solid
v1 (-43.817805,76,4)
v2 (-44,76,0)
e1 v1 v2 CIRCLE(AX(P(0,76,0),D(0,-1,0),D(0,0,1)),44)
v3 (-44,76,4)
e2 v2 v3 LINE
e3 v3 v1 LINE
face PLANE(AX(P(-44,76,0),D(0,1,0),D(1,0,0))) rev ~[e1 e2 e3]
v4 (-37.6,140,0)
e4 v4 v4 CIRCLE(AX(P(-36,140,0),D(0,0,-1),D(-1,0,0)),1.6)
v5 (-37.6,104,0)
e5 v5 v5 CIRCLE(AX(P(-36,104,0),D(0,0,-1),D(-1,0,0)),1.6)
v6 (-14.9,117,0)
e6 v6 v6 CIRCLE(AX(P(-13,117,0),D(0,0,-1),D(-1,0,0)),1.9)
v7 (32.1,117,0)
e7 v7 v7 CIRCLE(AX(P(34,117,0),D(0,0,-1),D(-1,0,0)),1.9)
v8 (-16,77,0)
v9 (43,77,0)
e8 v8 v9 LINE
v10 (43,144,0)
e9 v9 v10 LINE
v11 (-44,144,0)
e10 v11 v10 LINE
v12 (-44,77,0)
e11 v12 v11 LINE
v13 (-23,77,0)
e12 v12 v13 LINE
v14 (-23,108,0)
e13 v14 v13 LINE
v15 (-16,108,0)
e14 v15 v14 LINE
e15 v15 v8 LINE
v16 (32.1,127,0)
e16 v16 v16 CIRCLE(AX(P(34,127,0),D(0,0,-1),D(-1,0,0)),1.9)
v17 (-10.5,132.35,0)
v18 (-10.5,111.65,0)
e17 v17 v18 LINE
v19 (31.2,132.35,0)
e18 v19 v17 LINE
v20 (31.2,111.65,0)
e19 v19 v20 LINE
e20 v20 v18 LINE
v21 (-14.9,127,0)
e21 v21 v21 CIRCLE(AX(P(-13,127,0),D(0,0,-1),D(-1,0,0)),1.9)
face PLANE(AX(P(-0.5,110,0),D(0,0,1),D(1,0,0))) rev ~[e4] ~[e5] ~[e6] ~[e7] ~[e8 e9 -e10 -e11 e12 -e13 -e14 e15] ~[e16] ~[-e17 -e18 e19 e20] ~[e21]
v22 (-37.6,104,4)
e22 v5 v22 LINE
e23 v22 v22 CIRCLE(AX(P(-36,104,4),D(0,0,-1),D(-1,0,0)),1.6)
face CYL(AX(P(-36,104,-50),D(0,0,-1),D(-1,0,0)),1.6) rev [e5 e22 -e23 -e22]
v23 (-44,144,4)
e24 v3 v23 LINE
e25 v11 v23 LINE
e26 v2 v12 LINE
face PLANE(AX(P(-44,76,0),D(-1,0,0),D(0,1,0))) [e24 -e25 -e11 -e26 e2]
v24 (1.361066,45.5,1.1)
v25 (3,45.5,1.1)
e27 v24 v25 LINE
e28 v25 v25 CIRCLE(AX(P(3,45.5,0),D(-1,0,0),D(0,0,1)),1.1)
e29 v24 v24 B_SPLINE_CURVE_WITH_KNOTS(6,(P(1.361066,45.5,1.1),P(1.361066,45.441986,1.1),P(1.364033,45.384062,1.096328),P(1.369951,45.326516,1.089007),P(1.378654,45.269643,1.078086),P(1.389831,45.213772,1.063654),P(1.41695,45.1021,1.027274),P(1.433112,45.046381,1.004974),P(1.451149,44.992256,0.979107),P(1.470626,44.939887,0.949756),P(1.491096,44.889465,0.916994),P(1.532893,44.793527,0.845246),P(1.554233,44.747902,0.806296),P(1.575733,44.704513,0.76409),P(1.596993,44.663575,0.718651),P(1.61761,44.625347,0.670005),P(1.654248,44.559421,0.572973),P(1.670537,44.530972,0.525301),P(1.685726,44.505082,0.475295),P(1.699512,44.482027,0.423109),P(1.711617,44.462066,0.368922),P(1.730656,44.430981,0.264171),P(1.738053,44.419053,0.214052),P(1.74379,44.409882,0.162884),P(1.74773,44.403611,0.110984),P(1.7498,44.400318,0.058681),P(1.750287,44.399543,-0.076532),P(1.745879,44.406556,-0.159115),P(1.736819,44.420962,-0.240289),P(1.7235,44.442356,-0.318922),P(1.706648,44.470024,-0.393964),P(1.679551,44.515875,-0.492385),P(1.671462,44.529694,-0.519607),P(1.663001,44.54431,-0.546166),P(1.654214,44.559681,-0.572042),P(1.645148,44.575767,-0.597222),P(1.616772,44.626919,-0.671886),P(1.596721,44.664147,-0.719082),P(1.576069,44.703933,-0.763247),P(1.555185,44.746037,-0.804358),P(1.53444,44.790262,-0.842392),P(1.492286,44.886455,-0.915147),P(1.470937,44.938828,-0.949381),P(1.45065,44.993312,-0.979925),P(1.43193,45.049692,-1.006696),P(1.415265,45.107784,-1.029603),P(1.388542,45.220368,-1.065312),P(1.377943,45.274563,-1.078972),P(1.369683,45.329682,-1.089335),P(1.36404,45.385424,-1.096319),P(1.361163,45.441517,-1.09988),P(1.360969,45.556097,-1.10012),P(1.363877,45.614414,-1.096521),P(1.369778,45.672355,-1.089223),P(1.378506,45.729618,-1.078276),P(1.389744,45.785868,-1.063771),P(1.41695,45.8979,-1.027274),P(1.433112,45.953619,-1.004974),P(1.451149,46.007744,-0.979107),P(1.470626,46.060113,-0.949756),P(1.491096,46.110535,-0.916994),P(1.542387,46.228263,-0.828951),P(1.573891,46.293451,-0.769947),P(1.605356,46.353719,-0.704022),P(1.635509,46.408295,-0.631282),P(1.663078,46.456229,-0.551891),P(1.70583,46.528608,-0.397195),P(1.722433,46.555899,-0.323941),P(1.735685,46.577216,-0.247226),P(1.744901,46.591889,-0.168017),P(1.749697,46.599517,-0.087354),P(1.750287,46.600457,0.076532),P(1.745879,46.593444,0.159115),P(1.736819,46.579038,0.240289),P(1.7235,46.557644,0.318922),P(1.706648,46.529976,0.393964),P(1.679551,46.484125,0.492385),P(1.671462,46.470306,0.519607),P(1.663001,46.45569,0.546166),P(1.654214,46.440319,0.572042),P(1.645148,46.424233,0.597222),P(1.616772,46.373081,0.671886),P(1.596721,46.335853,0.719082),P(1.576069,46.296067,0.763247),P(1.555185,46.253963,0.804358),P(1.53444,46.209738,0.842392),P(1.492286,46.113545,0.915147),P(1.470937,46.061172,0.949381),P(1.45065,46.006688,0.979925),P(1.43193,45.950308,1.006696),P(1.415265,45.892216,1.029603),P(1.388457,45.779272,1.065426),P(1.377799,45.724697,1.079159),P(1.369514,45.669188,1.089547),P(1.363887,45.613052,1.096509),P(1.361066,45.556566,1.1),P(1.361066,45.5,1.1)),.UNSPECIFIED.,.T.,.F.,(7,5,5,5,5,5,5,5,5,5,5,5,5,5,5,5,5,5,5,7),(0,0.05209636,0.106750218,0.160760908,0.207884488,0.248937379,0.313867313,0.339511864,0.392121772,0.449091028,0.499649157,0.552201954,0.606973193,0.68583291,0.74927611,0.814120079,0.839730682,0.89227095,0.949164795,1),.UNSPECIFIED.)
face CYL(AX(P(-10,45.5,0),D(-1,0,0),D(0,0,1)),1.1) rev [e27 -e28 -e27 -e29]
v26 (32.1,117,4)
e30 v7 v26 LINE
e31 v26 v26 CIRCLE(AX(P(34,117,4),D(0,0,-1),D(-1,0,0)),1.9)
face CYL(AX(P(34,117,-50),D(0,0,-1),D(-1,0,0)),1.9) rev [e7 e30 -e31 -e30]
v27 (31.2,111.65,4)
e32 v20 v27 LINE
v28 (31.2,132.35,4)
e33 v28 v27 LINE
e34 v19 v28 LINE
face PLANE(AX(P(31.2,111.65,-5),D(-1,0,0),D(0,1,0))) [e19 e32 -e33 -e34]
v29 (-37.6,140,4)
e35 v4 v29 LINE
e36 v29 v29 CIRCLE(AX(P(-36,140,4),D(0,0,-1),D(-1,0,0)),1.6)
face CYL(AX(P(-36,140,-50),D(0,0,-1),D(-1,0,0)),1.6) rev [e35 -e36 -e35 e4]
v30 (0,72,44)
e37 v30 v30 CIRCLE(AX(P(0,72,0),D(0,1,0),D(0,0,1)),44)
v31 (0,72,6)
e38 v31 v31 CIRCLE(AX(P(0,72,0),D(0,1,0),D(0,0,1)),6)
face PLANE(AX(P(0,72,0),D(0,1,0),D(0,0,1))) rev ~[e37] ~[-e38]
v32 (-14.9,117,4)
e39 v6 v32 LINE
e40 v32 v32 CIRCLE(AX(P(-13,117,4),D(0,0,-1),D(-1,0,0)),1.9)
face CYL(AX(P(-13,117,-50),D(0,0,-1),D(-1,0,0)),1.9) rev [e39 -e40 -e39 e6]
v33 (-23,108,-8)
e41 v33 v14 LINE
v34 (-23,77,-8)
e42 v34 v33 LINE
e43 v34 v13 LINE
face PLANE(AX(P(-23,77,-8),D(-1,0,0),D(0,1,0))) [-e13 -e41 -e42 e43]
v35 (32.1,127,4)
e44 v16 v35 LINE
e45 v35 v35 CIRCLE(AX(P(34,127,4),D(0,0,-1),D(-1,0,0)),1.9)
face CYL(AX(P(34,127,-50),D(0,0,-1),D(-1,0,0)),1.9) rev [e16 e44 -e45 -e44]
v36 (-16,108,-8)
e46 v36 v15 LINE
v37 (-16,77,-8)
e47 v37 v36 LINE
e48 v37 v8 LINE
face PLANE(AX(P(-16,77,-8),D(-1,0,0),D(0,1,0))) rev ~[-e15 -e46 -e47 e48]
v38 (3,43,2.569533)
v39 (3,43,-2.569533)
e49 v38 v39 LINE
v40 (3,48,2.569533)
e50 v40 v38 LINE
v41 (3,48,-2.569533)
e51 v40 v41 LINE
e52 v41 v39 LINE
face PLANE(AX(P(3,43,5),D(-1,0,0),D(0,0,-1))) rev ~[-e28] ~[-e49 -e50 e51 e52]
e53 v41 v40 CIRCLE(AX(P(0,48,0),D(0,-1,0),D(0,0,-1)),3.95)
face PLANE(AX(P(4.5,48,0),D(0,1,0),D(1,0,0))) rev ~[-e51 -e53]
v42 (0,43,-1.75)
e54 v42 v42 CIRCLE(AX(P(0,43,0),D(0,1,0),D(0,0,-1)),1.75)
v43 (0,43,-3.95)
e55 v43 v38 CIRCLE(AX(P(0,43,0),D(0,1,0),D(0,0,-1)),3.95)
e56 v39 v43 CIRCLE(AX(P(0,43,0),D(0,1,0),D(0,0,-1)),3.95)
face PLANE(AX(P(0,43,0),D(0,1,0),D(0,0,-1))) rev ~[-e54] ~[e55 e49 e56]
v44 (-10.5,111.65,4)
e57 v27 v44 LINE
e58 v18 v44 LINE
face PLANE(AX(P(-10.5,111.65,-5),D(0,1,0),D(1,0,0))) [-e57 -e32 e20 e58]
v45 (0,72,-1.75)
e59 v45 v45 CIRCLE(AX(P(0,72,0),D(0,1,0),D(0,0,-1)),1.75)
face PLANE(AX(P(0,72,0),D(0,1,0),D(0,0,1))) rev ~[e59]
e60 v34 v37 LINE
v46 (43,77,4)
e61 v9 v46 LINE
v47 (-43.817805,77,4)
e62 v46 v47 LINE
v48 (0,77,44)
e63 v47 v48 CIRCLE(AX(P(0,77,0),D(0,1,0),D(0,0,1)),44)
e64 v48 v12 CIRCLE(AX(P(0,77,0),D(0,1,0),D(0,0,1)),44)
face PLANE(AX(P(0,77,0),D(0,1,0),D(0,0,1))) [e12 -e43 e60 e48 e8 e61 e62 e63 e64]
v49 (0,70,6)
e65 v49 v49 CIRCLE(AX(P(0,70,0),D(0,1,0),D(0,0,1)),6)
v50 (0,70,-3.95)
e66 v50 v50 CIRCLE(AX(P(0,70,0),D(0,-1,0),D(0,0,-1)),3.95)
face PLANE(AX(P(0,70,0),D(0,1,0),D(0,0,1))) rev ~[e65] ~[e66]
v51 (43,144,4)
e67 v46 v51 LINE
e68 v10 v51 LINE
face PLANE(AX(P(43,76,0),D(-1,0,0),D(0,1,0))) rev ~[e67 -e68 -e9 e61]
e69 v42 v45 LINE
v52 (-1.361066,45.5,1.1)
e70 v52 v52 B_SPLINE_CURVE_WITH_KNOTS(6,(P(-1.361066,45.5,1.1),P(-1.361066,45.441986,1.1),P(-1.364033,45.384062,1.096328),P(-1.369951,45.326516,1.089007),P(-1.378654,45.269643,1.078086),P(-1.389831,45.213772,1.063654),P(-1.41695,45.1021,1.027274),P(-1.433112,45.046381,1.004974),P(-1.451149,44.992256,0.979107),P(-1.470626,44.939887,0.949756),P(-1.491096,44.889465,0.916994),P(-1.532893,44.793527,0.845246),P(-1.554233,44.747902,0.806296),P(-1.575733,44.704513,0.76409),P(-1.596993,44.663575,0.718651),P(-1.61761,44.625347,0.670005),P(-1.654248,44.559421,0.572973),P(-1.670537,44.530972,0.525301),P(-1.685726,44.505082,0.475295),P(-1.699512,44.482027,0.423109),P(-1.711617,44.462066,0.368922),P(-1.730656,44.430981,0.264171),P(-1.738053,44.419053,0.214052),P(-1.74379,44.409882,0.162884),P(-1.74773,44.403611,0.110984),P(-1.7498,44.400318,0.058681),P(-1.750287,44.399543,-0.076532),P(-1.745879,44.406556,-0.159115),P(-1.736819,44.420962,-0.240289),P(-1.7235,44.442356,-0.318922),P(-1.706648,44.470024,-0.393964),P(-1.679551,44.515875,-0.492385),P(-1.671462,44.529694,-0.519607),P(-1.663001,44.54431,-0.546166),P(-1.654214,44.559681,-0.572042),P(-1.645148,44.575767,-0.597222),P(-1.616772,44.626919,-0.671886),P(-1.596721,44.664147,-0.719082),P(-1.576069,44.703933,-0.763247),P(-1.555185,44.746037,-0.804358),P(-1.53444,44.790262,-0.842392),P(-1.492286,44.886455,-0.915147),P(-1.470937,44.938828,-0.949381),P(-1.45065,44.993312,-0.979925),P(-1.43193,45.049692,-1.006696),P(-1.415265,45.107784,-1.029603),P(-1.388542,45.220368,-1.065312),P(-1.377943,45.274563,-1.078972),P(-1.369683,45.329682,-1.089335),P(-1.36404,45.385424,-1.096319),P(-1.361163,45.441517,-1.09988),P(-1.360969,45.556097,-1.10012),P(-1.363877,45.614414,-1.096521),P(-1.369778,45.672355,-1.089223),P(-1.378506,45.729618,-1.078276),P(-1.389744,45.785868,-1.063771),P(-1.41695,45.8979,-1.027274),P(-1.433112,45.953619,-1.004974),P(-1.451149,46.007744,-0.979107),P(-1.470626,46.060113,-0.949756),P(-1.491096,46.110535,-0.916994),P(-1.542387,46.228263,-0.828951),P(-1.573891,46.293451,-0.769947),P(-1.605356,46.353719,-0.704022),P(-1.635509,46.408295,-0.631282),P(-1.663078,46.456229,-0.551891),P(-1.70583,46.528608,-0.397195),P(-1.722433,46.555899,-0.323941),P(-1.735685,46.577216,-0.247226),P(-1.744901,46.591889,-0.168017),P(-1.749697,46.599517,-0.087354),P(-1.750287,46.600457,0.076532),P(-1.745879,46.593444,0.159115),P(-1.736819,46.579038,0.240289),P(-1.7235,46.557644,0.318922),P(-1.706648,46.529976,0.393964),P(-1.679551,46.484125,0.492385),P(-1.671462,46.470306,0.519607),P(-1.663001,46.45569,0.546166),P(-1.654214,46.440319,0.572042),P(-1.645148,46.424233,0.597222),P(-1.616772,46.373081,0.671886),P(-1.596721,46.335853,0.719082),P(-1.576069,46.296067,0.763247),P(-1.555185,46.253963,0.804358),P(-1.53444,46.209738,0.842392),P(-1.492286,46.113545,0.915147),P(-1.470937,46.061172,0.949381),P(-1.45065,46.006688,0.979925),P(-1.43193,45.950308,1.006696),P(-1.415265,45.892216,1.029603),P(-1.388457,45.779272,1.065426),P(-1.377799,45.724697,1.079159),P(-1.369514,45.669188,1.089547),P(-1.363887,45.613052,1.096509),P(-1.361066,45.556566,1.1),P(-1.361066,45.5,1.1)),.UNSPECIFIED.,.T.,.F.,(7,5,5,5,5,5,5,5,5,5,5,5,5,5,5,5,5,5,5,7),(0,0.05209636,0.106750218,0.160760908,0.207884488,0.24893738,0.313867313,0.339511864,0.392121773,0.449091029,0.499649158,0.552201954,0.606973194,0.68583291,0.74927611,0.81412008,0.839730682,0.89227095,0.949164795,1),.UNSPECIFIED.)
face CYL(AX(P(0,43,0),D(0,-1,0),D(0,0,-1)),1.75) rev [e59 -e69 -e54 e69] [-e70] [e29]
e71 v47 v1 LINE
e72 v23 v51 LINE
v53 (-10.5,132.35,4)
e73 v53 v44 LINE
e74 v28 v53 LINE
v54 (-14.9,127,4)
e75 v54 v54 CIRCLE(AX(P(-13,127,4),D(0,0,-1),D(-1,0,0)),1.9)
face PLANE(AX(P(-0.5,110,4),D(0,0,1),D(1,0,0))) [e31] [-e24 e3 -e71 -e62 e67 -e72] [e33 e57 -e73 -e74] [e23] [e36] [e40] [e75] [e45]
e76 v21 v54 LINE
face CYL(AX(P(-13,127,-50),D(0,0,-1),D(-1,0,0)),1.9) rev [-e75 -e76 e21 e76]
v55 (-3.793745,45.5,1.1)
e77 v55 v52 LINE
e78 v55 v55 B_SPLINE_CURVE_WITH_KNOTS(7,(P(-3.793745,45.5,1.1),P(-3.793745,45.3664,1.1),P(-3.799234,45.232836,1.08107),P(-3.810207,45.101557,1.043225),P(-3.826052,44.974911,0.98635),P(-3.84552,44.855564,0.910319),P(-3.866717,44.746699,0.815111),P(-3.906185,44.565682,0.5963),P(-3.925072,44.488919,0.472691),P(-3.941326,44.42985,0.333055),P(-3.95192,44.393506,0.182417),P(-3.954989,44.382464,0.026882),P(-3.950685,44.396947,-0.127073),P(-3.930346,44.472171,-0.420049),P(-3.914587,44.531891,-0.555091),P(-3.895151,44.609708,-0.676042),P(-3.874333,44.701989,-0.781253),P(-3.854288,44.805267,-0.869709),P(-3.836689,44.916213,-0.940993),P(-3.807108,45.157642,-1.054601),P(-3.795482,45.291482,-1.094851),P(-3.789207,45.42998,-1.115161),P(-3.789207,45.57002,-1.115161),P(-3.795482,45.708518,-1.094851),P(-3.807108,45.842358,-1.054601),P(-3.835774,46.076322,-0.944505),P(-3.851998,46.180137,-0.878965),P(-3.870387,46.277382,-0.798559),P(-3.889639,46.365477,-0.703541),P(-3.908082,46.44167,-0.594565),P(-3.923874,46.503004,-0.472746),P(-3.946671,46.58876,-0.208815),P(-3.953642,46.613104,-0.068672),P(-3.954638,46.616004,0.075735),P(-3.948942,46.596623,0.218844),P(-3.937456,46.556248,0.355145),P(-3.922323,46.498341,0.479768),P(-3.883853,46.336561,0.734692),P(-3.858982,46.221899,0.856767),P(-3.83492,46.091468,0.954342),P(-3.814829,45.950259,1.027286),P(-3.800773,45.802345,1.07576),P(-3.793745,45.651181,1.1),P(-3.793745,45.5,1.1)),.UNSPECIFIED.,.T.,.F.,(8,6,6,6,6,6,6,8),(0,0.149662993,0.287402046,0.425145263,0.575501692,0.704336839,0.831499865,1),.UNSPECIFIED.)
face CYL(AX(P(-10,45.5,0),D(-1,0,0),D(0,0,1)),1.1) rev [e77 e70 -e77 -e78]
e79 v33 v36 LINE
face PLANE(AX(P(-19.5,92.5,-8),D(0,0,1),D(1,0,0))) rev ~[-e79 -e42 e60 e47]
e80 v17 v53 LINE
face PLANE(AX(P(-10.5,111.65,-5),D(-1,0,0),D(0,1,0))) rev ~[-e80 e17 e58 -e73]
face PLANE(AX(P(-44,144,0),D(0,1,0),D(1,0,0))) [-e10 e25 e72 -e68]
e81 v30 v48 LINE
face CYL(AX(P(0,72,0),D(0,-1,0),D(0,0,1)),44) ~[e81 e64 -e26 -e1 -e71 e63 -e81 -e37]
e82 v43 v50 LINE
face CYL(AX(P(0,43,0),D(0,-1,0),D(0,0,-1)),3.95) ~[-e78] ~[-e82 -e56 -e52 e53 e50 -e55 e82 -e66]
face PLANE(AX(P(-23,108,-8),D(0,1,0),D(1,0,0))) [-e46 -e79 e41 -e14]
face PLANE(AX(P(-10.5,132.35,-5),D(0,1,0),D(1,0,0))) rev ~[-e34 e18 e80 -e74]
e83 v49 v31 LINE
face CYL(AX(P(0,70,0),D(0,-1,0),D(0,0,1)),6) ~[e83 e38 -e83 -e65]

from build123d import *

# Parameters (mm, degrees)
YAW_PLATFORM_START                         = 72
YAW_PLATFORM_PROFILE_R                     = 44
YAW_PLATFORM_DEPTH                         = 5
PRINTED_HOLLOW_YAW_SPINDLE_START           = 43
PRINTED_HOLLOW_YAW_SPINDLE_PROFILE_R       = 3.95
PRINTED_HOLLOW_YAW_SPINDLE_PROFILE_R_2     = 1.75
PRINTED_HOLLOW_YAW_SPINDLE_DEPTH           = 29
INNER_RACE_LOAD_SHOULDER_START             = 70
INNER_RACE_LOAD_SHOULDER_PROFILE_R         = 6
INNER_RACE_LOAD_SHOULDER_PROFILE_R_2       = 1.75
INNER_RACE_LOAD_SHOULDER_DEPTH             = 2
D_FLAT_ON_SPINDLE_END_START                = 43
D_FLAT_DRIVE_KEY_PROFILE_W                 = 3
D_FLAT_DRIVE_KEY_PROFILE_H                 = 10
D_FLAT_ON_SPINDLE_END_DEPTH                = 5
SHOULDER_MOUNT_PLATE_PROFILE_W             = 87
SHOULDER_MOUNT_PLATE_PROFILE_H             = 68
SHOULDER_MOUNT_PLATE_DEPTH                 = 4
MG996_BODY_WINDOW_START                    = -5
MG996_BODY_WINDOW_PROFILE_W                = 41.7
MG996_BODY_WINDOW_PROFILE_H                = 20.7
MG996_BODY_WINDOW_DEPTH                    = 162.869372409
MG996_TAB_MOUNTS_START                     = -50
MG996_TAB_MOUNTS_PROFILE_R                 = 1.9
MG996_TAB_MOUNTS_DEPTH                     = 207.869372409
PASSIVE_SHOULDER_STANDOFFS_START           = -50
PASSIVE_SHOULDER_STANDOFFS_PROFILE_R       = 1.6
PASSIVE_SHOULDER_STANDOFFS_DEPTH           = 207.869372409
UPRIGHT_RIB_START                          = -8
UPRIGHT_RIB_PROFILE_W                      = 7
UPRIGHT_RIB_PROFILE_H                      = 31
UPRIGHT_RIB_DEPTH                          = 12
YAW_POSITIVE_RETENTION_CROSSBOLT_START     = -10
YAW_POSITIVE_RETENTION_CROSSBOLT_PROFILE_R = 1.1
YAW_POSITIVE_RETENTION_CROSSBOLT_DEPTH     = 167.869372409


with BuildPart() as part:
    # Yaw_platform_profile → Yaw_platform (new body)
    with BuildSketch(Plane(origin=(0, 0, 0), x_dir=(1, 0, 0), z_dir=(0, 1, 0)).offset(YAW_PLATFORM_START)):
        with Locations(Location((0, 0, 0), (0, 0, 270))):
            Circle(YAW_PLATFORM_PROFILE_R)
    extrude(amount=YAW_PLATFORM_DEPTH)

    # Printed_hollow_yaw_spindle_profile → Printed_hollow_yaw_spindle (add)
    with BuildSketch(Plane(origin=(0, 0, 0), x_dir=(1, 0, 0), z_dir=(0, 1, 0)).offset(PRINTED_HOLLOW_YAW_SPINDLE_START)):
        with Locations(Location((0, 0, 0), (0, 0, 90))):
            Circle(PRINTED_HOLLOW_YAW_SPINDLE_PROFILE_R)
        with Locations(Location((0, 0, 0), (0, 0, 90))):
            Circle(PRINTED_HOLLOW_YAW_SPINDLE_PROFILE_R_2, mode=Mode.SUBTRACT)
    extrude(amount=PRINTED_HOLLOW_YAW_SPINDLE_DEPTH)

    # Inner_race_load_shoulder_profile → Inner_race_load_shoulder (add)
    with BuildSketch(Plane(origin=(0, 0, 0), x_dir=(1, 0, 0), z_dir=(0, 1, 0)).offset(INNER_RACE_LOAD_SHOULDER_START)):
        with Locations(Location((0, 0, 0), (0, 0, 270))):
            Circle(INNER_RACE_LOAD_SHOULDER_PROFILE_R)
        with Locations(Location((0, 0, 0), (0, 0, 90))):
            Circle(INNER_RACE_LOAD_SHOULDER_PROFILE_R_2, mode=Mode.SUBTRACT)
    extrude(amount=INNER_RACE_LOAD_SHOULDER_DEPTH)

    # D_flat_drive_key_profile → D_flat_on_spindle_end (cut)
    with BuildSketch(Plane(origin=(0, 0, 0), x_dir=(1, 0, 0), z_dir=(0, 1, 0)).offset(D_FLAT_ON_SPINDLE_END_START)):
        with Locations((4.5, 0)):
            Rectangle(D_FLAT_DRIVE_KEY_PROFILE_W, D_FLAT_DRIVE_KEY_PROFILE_H)
    extrude(amount=D_FLAT_ON_SPINDLE_END_DEPTH, mode=Mode.SUBTRACT)

    # Shoulder_mount_plate_profile → Shoulder_mount_plate (add)
    with BuildSketch(Plane.XY):
        with Locations((-0.5, 110)):
            Rectangle(SHOULDER_MOUNT_PLATE_PROFILE_W, SHOULDER_MOUNT_PLATE_PROFILE_H)
    extrude(amount=SHOULDER_MOUNT_PLATE_DEPTH)

    # MG996_body_window_profile → MG996_body_window (cut, through all)
    with BuildSketch(Plane.XY.offset(MG996_BODY_WINDOW_START)):
        with Locations((10.35, 122)):
            Rectangle(MG996_BODY_WINDOW_PROFILE_W, MG996_BODY_WINDOW_PROFILE_H)
    extrude(amount=MG996_BODY_WINDOW_DEPTH, mode=Mode.SUBTRACT)

    # MG996_tab_mounts_profile → MG996_tab_mounts (cut, through all)
    with BuildSketch(Plane.XY.offset(MG996_TAB_MOUNTS_START)):
        with Locations(Location((-13, 117, 0), (0, 0, 180))):
            Circle(MG996_TAB_MOUNTS_PROFILE_R)
        with Locations(Location((-13, 127, 0), (0, 0, 180))):
            Circle(MG996_TAB_MOUNTS_PROFILE_R)
        with Locations(Location((34, 117, 0), (0, 0, 180))):
            Circle(MG996_TAB_MOUNTS_PROFILE_R)
        with Locations(Location((34, 127, 0), (0, 0, 180))):
            Circle(MG996_TAB_MOUNTS_PROFILE_R)
    extrude(amount=MG996_TAB_MOUNTS_DEPTH, mode=Mode.SUBTRACT)

    # Passive_shoulder_standoffs_profile → Passive_shoulder_standoffs (cut, through all)
    with BuildSketch(Plane.XY.offset(PASSIVE_SHOULDER_STANDOFFS_START)):
        with Locations(Location((-36, 104, 0), (0, 0, 180))):
            Circle(PASSIVE_SHOULDER_STANDOFFS_PROFILE_R)
        with Locations(Location((-36, 140, 0), (0, 0, 180))):
            Circle(PASSIVE_SHOULDER_STANDOFFS_PROFILE_R)
    extrude(amount=PASSIVE_SHOULDER_STANDOFFS_DEPTH, mode=Mode.SUBTRACT)

    # Upright_rib_profile → Upright_rib (add)
    with BuildSketch(Plane.XY.offset(UPRIGHT_RIB_START)):
        with Locations((-19.5, 92.5)):
            Rectangle(UPRIGHT_RIB_PROFILE_W, UPRIGHT_RIB_PROFILE_H)
    extrude(amount=UPRIGHT_RIB_DEPTH)

    # Yaw_positive_retention_crossbolt_profile → Yaw_positive_retention_crossbolt (cut, through all)
    with BuildSketch(Plane(origin=(0, 0, 0), x_dir=(0, 0, -1), z_dir=(1, 0, 0)).offset(YAW_POSITIVE_RETENTION_CROSSBOLT_START)):
        with Locations(Location((0, 45.5, 0), (0, 0, 180))):
            Circle(YAW_POSITIVE_RETENTION_CROSSBOLT_PROFILE_R)
    extrude(amount=YAW_POSITIVE_RETENTION_CROSSBOLT_DEPTH, mode=Mode.SUBTRACT)


solid = part.part
